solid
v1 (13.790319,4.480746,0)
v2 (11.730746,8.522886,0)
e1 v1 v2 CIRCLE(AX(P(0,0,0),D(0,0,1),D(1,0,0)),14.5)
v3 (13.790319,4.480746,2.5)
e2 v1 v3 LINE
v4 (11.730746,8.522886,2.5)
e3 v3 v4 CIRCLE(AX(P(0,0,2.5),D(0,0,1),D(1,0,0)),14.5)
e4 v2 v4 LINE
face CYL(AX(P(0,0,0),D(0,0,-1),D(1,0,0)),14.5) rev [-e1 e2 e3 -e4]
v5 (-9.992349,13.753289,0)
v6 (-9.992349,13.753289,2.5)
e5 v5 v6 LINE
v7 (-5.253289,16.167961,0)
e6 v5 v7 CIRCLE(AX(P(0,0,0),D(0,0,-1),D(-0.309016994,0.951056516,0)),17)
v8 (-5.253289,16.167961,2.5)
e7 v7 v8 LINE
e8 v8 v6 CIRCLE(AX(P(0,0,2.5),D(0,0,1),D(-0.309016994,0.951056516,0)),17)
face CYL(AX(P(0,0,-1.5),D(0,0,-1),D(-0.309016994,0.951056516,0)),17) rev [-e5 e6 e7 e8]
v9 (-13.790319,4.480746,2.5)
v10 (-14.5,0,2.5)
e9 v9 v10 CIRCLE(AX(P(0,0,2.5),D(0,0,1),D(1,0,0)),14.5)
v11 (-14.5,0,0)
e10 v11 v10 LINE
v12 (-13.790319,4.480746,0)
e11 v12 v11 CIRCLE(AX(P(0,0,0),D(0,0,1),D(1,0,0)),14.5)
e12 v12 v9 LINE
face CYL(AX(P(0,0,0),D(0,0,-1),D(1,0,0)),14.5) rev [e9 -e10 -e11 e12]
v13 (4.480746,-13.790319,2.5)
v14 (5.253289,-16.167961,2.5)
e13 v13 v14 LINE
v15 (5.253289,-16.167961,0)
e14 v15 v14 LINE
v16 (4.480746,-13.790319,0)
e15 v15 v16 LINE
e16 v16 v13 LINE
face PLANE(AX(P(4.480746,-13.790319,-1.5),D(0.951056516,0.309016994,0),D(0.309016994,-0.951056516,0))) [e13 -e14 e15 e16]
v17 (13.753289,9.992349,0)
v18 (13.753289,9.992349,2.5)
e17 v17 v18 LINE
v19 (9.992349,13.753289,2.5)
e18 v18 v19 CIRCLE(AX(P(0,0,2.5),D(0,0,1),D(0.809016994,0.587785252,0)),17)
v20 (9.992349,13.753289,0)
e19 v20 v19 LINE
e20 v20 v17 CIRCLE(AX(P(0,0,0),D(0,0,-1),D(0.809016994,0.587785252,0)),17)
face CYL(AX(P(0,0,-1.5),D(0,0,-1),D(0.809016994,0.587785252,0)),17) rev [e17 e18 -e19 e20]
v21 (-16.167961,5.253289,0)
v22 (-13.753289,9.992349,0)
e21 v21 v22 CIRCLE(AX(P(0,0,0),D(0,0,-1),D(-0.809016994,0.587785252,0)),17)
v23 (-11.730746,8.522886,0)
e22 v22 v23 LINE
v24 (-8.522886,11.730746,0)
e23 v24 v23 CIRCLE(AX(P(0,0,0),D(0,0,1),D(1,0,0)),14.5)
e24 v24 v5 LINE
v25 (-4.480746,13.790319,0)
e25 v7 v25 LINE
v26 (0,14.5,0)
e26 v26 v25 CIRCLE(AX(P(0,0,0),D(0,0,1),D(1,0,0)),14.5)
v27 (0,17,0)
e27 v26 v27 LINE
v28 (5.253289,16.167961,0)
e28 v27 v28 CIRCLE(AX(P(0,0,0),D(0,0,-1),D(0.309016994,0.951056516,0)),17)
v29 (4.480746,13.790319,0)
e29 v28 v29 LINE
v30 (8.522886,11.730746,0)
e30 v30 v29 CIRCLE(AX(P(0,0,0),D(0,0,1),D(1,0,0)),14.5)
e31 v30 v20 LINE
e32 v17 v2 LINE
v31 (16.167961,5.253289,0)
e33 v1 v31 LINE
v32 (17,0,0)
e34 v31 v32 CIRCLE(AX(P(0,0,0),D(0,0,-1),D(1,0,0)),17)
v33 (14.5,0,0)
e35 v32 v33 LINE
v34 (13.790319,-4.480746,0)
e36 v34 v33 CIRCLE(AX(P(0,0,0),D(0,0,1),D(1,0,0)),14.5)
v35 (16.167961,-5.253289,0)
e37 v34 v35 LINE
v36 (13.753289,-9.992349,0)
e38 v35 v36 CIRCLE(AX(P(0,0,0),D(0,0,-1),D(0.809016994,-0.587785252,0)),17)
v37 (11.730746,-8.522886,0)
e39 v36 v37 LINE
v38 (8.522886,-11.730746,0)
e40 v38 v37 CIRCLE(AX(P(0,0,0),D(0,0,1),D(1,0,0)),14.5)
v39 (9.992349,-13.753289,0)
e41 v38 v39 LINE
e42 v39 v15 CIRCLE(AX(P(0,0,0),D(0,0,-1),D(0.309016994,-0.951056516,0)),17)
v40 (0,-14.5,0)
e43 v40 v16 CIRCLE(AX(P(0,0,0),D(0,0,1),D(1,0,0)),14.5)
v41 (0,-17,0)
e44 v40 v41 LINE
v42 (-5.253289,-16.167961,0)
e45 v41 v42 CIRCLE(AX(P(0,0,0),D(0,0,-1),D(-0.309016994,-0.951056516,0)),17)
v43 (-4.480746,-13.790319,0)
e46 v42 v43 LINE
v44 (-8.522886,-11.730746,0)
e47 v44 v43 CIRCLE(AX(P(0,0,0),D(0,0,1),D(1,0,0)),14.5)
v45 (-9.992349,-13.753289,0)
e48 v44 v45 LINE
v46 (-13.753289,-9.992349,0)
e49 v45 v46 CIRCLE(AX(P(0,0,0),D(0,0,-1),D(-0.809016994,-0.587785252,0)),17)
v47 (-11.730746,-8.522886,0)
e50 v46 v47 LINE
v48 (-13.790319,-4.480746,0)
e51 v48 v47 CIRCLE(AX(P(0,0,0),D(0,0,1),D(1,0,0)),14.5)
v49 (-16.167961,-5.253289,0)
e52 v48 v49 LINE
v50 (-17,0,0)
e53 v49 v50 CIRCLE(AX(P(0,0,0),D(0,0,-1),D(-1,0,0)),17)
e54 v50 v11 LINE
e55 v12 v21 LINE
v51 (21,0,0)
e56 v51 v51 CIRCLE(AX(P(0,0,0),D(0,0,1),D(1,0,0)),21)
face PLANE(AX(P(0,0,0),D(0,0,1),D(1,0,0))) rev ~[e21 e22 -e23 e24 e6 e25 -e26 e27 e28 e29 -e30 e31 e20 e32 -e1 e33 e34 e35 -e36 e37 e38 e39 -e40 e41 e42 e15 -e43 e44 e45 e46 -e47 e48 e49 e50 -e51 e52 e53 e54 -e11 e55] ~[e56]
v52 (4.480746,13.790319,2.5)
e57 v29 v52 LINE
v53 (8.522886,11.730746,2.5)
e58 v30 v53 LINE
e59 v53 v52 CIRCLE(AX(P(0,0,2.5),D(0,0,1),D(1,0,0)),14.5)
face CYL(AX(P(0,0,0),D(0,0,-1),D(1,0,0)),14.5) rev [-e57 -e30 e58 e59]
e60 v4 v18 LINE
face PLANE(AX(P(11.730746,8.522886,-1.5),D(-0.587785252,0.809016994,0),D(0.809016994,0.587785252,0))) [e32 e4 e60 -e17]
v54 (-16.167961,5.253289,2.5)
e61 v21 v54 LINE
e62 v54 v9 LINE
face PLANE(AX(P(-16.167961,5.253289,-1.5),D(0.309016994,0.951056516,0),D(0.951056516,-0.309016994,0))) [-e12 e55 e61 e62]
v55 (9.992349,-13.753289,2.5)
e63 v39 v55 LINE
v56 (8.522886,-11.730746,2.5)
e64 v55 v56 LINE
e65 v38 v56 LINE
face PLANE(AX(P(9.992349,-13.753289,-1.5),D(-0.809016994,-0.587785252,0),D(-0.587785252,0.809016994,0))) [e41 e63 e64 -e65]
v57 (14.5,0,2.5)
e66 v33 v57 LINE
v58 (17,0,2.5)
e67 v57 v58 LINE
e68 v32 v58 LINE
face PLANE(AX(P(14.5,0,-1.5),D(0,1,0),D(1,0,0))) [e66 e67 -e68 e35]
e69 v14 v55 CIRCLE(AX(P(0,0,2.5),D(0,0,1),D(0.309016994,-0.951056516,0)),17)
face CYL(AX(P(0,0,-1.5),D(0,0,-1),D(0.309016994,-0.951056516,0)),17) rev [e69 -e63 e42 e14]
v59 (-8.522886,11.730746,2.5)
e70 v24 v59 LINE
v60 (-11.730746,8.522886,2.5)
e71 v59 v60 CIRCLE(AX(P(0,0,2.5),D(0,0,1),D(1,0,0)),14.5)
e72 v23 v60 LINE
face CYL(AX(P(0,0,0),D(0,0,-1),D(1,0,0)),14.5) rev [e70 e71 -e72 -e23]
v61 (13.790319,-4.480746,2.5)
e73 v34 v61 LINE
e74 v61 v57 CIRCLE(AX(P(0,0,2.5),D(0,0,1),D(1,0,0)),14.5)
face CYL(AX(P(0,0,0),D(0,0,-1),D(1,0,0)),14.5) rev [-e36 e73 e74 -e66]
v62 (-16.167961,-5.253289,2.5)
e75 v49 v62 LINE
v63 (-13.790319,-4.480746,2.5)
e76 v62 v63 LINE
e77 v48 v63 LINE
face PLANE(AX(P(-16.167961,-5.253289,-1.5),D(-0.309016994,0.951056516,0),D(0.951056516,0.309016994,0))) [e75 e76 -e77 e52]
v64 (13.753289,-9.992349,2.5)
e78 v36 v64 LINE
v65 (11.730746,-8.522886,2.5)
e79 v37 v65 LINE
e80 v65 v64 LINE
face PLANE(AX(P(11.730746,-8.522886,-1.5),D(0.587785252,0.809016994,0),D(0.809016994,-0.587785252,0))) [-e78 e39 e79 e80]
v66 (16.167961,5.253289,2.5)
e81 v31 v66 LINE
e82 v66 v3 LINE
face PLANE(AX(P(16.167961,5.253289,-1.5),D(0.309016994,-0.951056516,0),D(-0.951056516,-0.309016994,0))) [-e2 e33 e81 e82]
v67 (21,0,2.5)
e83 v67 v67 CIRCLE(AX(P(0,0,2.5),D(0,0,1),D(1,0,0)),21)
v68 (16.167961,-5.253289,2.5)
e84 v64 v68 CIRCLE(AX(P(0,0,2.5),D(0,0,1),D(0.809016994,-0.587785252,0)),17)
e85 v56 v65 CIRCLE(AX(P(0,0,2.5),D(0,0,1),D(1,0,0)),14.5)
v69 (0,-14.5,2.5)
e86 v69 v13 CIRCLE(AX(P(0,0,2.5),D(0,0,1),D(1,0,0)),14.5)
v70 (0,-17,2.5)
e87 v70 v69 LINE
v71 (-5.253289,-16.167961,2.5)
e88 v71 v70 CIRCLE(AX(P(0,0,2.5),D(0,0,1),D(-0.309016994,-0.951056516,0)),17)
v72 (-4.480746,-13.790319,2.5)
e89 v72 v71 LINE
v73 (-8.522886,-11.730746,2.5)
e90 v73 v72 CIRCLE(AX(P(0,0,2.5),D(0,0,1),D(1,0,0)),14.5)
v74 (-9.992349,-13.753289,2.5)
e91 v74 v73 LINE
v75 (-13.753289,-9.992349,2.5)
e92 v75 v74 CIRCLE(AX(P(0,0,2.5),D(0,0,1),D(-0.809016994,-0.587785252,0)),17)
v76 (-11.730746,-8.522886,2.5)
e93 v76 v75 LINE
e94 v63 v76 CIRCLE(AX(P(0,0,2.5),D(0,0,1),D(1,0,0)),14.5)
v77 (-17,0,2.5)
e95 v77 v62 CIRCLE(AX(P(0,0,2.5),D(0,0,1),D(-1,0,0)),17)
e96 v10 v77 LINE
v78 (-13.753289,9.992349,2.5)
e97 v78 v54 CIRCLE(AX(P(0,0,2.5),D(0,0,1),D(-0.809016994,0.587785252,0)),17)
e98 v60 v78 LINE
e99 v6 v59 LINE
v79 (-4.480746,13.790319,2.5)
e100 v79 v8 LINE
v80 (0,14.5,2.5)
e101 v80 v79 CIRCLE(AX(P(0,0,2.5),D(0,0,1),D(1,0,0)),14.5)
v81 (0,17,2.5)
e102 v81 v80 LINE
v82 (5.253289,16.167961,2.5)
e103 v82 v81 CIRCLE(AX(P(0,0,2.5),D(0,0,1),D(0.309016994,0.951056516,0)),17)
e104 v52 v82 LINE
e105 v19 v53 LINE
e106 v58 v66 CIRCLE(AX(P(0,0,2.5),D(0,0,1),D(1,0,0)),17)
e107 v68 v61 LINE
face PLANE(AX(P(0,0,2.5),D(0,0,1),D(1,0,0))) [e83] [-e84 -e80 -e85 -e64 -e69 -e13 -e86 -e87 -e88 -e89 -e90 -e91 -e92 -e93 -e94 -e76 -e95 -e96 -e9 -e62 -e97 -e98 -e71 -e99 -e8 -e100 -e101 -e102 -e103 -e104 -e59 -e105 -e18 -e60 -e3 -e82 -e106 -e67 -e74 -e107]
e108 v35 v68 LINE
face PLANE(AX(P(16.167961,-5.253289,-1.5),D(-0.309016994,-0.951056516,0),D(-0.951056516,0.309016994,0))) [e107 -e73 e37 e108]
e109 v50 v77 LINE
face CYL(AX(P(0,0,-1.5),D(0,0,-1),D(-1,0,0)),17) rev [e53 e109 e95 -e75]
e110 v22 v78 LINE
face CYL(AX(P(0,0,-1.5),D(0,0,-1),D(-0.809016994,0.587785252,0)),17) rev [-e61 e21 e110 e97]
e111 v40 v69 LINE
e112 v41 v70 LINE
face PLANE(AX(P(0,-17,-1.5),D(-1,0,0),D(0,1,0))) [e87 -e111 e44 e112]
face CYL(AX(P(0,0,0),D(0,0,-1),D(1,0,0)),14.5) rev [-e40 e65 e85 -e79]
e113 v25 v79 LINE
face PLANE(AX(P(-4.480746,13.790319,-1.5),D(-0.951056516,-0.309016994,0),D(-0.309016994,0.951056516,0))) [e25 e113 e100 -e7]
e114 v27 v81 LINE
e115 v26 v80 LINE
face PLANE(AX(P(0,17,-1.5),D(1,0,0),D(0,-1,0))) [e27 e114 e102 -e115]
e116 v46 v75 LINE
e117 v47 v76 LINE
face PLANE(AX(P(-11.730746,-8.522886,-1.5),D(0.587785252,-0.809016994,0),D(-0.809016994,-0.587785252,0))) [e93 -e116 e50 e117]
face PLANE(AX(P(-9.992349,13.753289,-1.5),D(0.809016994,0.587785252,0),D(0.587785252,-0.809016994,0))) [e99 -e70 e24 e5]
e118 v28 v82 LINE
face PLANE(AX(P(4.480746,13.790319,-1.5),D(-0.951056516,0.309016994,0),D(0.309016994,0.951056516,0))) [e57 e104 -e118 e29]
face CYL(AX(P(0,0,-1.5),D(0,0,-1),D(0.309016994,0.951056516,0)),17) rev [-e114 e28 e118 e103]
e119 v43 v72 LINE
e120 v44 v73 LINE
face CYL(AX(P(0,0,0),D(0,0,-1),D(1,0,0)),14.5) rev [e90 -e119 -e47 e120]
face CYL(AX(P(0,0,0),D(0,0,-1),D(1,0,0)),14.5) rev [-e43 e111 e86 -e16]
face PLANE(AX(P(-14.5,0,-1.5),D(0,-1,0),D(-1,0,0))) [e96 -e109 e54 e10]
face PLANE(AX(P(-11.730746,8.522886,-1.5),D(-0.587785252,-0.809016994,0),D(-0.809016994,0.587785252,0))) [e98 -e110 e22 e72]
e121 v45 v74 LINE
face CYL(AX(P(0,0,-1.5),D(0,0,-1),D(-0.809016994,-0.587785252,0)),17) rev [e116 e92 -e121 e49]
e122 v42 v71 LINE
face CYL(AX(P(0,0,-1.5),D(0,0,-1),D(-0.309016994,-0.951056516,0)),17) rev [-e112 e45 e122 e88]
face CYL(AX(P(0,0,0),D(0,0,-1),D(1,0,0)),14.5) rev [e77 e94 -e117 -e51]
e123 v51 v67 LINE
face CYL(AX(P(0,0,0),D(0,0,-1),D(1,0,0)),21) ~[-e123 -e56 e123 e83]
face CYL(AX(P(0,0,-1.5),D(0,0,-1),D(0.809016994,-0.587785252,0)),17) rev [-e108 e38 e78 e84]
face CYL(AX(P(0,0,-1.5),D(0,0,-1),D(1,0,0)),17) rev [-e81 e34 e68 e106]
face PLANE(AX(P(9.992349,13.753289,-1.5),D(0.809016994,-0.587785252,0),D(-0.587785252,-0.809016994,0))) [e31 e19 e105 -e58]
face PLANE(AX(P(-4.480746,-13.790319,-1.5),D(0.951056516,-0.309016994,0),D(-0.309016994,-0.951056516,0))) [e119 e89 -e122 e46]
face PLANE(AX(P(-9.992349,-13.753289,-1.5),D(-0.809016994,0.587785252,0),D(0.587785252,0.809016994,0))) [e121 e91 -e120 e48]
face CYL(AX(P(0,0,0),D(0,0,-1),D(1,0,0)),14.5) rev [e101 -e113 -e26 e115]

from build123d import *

# Parameters (mm, degrees)
SKETCH1_R           = 21
SKETCH1_R_2         = 14.5
BOSS_EXTRUDE1_DEPTH = 2.5
CUT_EXTRUDE1_START  = -4
CUT_EXTRUDE1_DEPTH  = 4


with BuildPart() as part:
    # Sketch1 → Boss-Extrude1 (new body)
    with BuildSketch(Plane.XY):
        Circle(SKETCH1_R)
        Circle(SKETCH1_R_2, mode=Mode.SUBTRACT)
    extrude(amount=BOSS_EXTRUDE1_DEPTH)

    # Sketch2 → Cut-Extrude1 (cut)
    with BuildSketch(Plane.XY.offset(2.5).offset(CUT_EXTRUDE1_START)):
        with BuildLine():
            Line((0, 17), (0, 14.5))
            ThreePointArc((0, 14.5), (2.268299743, 14.321480939), (4.480746418, 13.790319486))
            Line((4.480746418, 13.790319486), (5.253288904, 16.167960777))
            ThreePointArc((5.253288904, 16.167960777), (2.659385906, 16.79070179), (0, 17))
        make_face()
        with BuildLine():
            Line((9.992349289, 13.753288904), (8.522886158, 11.730746418))
            ThreePointArc((8.522886158, 11.730746418), (10.253048327, 10.253048327), (11.730746418, 8.522886158))
            Line((11.730746418, 8.522886158), (13.753288904, 9.992349289))
            ThreePointArc((13.753288904, 9.992349289), (12.02081528, 12.02081528), (9.992349289, 13.753288904))
        make_face()
        with BuildLine():
            Line((16.167960777, 5.253288904), (13.790319486, 4.480746418))
            ThreePointArc((13.790319486, 4.480746418), (14.321480939, 2.268299743), (14.5, 0))
            Line((14.5, 0), (17, 0))
            ThreePointArc((17, 0), (16.79070179, 2.659385906), (16.167960777, 5.253288904))
        make_face()
        with BuildLine():
            Line((16.167960777, -5.253288904), (13.790319486, -4.480746418))
            ThreePointArc((13.790319486, -4.480746418), (12.919594601, -6.582862246), (11.730746418, -8.522886158))
            Line((11.730746418, -8.522886158), (13.753288904, -9.992349289))
            ThreePointArc((13.753288904, -9.992349289), (15.147110911, -7.717838496), (16.167960777, -5.253288904))
        make_face()
        with BuildLine():
            Line((9.992349289, -13.753288904), (8.522886158, -11.730746418))
            ThreePointArc((8.522886158, -11.730746418), (6.582862246, -12.919594601), (4.480746418, -13.790319486))
            Line((4.480746418, -13.790319486), (5.253288904, -16.167960777))
            ThreePointArc((5.253288904, -16.167960777), (7.717838496, -15.147110911), (9.992349289, -13.753288904))
        make_face()
        with BuildLine():
            Line((0, -17), (0, -14.5))
            ThreePointArc((0, -14.5), (-2.268299743, -14.321480939), (-4.480746418, -13.790319486))
            Line((-4.480746418, -13.790319486), (-5.253288904, -16.167960777))
            ThreePointArc((-5.253288904, -16.167960777), (-2.659385906, -16.79070179), (0, -17))
        make_face()
        with BuildLine():
            Line((-9.992349289, -13.753288904), (-8.522886158, -11.730746418))
            ThreePointArc((-8.522886158, -11.730746418), (-10.253048327, -10.253048327), (-11.730746418, -8.522886158))
            Line((-11.730746418, -8.522886158), (-13.753288904, -9.992349289))
            ThreePointArc((-13.753288904, -9.992349289), (-12.02081528, -12.02081528), (-9.992349289, -13.753288904))
        make_face()
        with BuildLine():
            Line((-16.167960777, -5.253288904), (-13.790319486, -4.480746418))
            ThreePointArc((-13.790319486, -4.480746418), (-14.321480939, -2.268299743), (-14.5, 0))
            Line((-14.5, 0), (-17, 0))
            ThreePointArc((-17, 0), (-16.79070179, -2.659385906), (-16.167960777, -5.253288904))
        make_face()
        with BuildLine():
            Line((-16.167960777, 5.253288904), (-13.790319486, 4.480746418))
            ThreePointArc((-13.790319486, 4.480746418), (-12.919594601, 6.582862246), (-11.730746418, 8.522886158))
            Line((-11.730746418, 8.522886158), (-13.753288904, 9.992349289))
            ThreePointArc((-13.753288904, 9.992349289), (-15.147110911, 7.717838496), (-16.167960777, 5.253288904))
        make_face()
        with BuildLine():
            Line((-9.992349289, 13.753288904), (-8.522886158, 11.730746418))
            ThreePointArc((-8.522886158, 11.730746418), (-6.582862246, 12.919594601), (-4.480746418, 13.790319486))
            Line((-4.480746418, 13.790319486), (-5.253288904, 16.167960777))
            ThreePointArc((-5.253288904, 16.167960777), (-7.717838496, 15.147110911), (-9.992349289, 13.753288904))
        make_face()
    extrude(amount=CUT_EXTRUDE1_DEPTH, mode=Mode.SUBTRACT)


solid = part.part
